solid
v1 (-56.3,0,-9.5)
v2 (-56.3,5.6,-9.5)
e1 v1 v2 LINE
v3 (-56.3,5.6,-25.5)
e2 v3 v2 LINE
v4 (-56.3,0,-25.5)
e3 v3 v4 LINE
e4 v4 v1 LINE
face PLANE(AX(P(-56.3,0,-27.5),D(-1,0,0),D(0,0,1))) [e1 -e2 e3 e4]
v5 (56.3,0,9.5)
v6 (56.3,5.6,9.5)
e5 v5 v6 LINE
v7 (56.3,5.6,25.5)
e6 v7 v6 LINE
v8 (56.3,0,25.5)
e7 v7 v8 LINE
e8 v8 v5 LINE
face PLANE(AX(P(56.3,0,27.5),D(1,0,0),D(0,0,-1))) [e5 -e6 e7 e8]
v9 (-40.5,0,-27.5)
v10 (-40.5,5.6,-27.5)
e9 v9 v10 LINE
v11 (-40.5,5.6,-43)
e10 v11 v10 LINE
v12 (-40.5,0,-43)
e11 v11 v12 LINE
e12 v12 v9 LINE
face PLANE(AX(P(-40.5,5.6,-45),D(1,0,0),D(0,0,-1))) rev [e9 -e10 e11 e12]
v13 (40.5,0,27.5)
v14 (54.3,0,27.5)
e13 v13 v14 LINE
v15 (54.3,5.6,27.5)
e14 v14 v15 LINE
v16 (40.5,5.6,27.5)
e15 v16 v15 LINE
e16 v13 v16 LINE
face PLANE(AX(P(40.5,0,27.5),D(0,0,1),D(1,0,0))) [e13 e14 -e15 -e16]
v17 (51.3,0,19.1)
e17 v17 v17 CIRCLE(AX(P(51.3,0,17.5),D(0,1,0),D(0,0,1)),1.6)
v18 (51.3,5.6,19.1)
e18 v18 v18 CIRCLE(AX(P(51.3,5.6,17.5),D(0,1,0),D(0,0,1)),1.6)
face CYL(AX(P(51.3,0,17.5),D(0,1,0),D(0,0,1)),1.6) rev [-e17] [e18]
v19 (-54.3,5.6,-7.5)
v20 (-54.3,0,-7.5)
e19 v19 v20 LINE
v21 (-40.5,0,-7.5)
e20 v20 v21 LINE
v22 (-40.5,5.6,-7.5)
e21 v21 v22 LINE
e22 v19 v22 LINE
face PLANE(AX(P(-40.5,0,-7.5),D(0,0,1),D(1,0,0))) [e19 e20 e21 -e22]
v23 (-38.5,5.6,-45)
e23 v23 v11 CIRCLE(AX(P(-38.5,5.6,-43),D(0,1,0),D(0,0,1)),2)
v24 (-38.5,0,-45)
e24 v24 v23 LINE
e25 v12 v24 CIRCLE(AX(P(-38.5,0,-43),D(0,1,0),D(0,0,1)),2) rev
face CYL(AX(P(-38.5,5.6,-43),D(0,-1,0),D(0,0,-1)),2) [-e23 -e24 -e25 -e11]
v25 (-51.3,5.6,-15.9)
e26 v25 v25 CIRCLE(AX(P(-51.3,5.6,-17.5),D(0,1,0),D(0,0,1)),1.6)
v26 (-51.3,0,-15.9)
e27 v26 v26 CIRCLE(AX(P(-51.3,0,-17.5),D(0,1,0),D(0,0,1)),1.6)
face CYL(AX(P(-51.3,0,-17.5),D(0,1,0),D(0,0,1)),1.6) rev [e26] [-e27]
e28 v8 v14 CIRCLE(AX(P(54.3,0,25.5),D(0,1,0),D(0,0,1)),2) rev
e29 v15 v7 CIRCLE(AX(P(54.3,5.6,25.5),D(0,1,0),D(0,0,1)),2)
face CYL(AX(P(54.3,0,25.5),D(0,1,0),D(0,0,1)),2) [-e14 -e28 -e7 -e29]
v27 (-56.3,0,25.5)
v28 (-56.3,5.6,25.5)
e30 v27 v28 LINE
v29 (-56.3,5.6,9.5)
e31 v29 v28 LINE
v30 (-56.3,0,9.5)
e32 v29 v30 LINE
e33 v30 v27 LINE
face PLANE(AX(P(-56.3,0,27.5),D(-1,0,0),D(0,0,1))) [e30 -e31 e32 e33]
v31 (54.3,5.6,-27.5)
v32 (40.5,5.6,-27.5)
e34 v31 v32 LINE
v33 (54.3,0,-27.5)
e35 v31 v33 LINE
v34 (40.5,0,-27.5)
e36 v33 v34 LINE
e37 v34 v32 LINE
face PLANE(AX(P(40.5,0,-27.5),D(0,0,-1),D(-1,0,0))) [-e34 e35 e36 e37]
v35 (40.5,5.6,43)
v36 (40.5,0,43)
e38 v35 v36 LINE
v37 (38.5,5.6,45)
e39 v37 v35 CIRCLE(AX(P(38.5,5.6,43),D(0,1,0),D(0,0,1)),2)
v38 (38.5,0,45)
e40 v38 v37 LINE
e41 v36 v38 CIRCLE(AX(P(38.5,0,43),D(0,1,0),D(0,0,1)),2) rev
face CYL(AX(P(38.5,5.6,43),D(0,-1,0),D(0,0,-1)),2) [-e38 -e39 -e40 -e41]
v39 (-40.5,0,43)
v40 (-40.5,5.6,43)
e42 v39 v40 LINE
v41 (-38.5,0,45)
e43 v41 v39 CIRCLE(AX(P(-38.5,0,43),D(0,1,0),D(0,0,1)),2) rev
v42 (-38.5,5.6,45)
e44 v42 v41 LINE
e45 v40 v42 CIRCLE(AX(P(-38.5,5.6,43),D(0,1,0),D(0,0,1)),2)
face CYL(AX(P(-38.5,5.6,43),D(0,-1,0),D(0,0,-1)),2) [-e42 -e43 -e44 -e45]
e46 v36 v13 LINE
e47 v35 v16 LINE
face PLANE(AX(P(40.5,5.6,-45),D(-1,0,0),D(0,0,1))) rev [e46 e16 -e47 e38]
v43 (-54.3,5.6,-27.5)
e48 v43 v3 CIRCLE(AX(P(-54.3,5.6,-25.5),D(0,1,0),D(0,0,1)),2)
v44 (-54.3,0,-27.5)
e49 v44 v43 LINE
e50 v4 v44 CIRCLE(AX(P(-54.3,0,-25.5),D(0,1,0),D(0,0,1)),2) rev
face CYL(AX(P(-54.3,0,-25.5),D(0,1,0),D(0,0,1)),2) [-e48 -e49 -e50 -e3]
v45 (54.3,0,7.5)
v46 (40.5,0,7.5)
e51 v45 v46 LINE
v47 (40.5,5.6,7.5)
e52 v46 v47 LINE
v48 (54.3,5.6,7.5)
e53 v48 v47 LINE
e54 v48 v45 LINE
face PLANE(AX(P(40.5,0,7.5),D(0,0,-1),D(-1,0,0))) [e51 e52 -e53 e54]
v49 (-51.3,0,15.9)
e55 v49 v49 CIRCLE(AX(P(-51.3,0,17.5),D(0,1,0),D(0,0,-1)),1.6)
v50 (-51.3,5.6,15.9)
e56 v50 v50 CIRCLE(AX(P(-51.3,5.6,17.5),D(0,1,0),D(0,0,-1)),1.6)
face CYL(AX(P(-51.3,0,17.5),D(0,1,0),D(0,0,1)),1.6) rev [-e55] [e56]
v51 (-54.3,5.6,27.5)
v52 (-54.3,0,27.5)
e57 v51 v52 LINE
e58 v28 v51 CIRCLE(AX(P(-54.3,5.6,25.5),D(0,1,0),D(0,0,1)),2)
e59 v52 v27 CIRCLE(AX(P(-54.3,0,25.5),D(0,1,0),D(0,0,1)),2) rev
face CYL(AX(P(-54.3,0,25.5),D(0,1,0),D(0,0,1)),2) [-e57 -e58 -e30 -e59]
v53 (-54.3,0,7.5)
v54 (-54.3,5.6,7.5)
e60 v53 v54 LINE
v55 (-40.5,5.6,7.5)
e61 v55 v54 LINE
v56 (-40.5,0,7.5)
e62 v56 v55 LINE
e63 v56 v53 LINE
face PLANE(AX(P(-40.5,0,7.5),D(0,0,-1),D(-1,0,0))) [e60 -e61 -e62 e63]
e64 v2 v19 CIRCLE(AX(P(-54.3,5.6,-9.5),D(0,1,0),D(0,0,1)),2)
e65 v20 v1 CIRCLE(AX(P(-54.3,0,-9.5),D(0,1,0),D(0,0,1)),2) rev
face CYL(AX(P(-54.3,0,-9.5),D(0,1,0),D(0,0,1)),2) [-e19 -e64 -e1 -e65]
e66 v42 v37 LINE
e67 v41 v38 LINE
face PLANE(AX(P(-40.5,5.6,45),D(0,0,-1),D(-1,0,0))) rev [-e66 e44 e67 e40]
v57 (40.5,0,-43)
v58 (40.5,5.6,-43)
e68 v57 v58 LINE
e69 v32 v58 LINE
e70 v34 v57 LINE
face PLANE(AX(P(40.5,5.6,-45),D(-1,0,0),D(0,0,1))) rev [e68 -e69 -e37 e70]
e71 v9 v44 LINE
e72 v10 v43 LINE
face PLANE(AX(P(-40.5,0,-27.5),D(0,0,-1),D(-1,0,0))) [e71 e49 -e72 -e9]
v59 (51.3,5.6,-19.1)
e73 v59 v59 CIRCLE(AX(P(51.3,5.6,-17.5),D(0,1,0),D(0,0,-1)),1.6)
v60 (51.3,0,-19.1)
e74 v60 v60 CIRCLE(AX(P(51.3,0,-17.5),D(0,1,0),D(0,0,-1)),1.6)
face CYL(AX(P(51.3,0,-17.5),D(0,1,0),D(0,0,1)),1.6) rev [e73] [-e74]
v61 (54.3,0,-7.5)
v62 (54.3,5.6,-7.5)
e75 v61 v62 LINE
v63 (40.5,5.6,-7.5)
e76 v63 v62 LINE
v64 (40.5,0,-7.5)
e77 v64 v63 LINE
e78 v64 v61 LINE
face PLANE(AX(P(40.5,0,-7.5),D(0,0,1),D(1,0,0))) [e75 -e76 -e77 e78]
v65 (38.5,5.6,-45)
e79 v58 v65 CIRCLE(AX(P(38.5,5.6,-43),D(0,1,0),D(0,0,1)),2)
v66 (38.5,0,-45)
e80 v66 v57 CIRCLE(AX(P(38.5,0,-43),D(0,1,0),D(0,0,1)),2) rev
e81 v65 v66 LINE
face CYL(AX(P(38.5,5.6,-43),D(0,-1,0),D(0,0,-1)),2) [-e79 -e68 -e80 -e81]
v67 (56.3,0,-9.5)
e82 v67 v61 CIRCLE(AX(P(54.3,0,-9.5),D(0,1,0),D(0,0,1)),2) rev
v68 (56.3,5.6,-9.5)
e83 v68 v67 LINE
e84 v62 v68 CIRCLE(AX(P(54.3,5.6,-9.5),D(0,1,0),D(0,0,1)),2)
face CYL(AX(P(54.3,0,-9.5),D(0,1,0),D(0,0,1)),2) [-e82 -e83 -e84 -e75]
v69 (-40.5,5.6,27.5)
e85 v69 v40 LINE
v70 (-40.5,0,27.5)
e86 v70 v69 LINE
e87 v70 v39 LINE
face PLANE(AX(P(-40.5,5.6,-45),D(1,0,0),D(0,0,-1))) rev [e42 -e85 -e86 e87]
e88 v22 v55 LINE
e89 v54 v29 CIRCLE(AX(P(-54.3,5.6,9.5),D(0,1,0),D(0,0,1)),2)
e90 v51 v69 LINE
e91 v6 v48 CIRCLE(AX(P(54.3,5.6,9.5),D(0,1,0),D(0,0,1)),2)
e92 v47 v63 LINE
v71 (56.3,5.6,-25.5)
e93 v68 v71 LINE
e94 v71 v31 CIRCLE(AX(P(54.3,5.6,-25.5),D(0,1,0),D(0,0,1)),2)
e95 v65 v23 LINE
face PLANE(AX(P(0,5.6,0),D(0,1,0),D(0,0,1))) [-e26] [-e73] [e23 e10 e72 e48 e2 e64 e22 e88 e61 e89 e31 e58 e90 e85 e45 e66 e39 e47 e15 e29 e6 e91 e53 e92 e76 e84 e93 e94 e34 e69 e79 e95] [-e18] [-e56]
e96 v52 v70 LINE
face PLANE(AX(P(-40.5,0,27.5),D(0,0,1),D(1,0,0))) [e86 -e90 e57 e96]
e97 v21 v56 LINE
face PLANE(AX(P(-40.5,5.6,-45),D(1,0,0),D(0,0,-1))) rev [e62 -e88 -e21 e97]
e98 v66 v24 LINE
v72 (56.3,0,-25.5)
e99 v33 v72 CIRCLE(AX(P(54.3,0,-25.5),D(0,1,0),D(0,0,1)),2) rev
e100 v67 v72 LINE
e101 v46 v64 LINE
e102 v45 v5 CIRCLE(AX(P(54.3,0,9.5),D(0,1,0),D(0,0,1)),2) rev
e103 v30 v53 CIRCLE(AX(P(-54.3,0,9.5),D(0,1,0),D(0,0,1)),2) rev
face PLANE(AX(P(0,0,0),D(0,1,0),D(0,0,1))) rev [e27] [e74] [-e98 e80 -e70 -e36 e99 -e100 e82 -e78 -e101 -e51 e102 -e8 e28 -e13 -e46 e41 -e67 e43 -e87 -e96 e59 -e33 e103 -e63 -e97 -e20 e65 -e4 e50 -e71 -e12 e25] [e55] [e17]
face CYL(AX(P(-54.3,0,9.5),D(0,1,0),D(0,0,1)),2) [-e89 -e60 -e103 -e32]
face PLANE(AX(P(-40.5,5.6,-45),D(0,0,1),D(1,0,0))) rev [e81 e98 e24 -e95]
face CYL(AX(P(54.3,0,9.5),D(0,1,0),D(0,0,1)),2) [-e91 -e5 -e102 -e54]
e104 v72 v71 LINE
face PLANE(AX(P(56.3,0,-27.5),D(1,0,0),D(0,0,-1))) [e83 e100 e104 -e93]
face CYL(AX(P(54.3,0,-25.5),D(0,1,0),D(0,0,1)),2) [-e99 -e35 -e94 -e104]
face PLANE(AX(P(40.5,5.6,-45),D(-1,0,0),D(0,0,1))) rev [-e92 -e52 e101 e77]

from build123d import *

# Parameters (mm, degrees)
SKETCH_1_W      = 81
SKETCH_1_H      = 90
EXTRUDE_1_DEPTH = 5.6
SKETCH_2_W      = 15.8
SKETCH_2_H      = 20
SKETCH_2_R      = 1.6
EXTRUDE_2_DEPTH = 5.6
FILLET_1_R      = 2


with BuildPart() as part:
    # ｽｹｯﾁ1 → ﾎﾞｽ - 押し出し1 (new body)
    with BuildSketch(Plane(origin=(0, 0, 0), x_dir=(1, 0, 0), z_dir=(0, 1, 0))):
        Rectangle(SKETCH_1_W, SKETCH_1_H)
    extrude(amount=EXTRUDE_1_DEPTH)

    # ｽｹｯﾁ2 → ﾎﾞｽ - 押し出し2 (add)
    # profile 1 of 4: a face of its own
    with BuildSketch(Plane(origin=(0, 5.6, 0), x_dir=(1, 0, 0), z_dir=(0, 1, 0))):
        with Locations((-48.4, 17.5)):
            Rectangle(SKETCH_2_W, SKETCH_2_H)
        with Locations(Location((-51.3, 17.5, 0), (0, 0, 270))):
            Circle(SKETCH_2_R, mode=Mode.SUBTRACT)
    # profile 2 of 4: a face of its own
    with BuildSketch(Plane(origin=(0, 5.6, 0), x_dir=(1, 0, 0), z_dir=(0, 1, 0))):
        with Locations((48.4, 17.5)):
            Rectangle(SKETCH_2_W, SKETCH_2_H)
        with Locations(Location((51.3, 17.5, 0), (0, 0, 90))):
            Circle(SKETCH_2_R, mode=Mode.SUBTRACT)
    # profile 3 of 4: a face of its own
    with BuildSketch(Plane(origin=(0, 5.6, 0), x_dir=(1, 0, 0), z_dir=(0, 1, 0))):
        with Locations((-48.4, -17.5)):
            Rectangle(SKETCH_2_W, SKETCH_2_H)
        with Locations(Location((-51.3, -17.5, 0), (0, 0, 90))):
            Circle(SKETCH_2_R, mode=Mode.SUBTRACT)
    # profile 4 of 4: a face of its own
    with BuildSketch(Plane(origin=(0, 5.6, 0), x_dir=(1, 0, 0), z_dir=(0, 1, 0))):
        with Locations((48.4, -17.5)):
            Rectangle(SKETCH_2_W, SKETCH_2_H)
        with Locations(Location((51.3, -17.5, 0), (0, 0, 270))):
            Circle(SKETCH_2_R, mode=Mode.SUBTRACT)
    extrude(amount=-EXTRUDE_2_DEPTH)

    # ﾌｨﾚｯﾄ1
    fillet_1_edges = [part.edges().sort_by_distance(p)[0] for p in [
        (56.3, 2.8, -27.5),
        (56.3, 2.8, -7.5),
        (-56.3, 2.8, -27.5),
        (-56.3, 2.8, -7.5),
        (-56.3, 2.8, 27.5),
        (-56.3, 2.8, 7.5),
        (56.3, 2.8, 27.5),
        (56.3, 2.8, 7.5),
        (40.5, 2.8, 45),
        (-40.5, 2.8, 45),
        (-40.5, 2.8, -45),
        (40.5, 2.8, -45),
    ]]
    fillet(fillet_1_edges, radius=FILLET_1_R)


solid = part.part
